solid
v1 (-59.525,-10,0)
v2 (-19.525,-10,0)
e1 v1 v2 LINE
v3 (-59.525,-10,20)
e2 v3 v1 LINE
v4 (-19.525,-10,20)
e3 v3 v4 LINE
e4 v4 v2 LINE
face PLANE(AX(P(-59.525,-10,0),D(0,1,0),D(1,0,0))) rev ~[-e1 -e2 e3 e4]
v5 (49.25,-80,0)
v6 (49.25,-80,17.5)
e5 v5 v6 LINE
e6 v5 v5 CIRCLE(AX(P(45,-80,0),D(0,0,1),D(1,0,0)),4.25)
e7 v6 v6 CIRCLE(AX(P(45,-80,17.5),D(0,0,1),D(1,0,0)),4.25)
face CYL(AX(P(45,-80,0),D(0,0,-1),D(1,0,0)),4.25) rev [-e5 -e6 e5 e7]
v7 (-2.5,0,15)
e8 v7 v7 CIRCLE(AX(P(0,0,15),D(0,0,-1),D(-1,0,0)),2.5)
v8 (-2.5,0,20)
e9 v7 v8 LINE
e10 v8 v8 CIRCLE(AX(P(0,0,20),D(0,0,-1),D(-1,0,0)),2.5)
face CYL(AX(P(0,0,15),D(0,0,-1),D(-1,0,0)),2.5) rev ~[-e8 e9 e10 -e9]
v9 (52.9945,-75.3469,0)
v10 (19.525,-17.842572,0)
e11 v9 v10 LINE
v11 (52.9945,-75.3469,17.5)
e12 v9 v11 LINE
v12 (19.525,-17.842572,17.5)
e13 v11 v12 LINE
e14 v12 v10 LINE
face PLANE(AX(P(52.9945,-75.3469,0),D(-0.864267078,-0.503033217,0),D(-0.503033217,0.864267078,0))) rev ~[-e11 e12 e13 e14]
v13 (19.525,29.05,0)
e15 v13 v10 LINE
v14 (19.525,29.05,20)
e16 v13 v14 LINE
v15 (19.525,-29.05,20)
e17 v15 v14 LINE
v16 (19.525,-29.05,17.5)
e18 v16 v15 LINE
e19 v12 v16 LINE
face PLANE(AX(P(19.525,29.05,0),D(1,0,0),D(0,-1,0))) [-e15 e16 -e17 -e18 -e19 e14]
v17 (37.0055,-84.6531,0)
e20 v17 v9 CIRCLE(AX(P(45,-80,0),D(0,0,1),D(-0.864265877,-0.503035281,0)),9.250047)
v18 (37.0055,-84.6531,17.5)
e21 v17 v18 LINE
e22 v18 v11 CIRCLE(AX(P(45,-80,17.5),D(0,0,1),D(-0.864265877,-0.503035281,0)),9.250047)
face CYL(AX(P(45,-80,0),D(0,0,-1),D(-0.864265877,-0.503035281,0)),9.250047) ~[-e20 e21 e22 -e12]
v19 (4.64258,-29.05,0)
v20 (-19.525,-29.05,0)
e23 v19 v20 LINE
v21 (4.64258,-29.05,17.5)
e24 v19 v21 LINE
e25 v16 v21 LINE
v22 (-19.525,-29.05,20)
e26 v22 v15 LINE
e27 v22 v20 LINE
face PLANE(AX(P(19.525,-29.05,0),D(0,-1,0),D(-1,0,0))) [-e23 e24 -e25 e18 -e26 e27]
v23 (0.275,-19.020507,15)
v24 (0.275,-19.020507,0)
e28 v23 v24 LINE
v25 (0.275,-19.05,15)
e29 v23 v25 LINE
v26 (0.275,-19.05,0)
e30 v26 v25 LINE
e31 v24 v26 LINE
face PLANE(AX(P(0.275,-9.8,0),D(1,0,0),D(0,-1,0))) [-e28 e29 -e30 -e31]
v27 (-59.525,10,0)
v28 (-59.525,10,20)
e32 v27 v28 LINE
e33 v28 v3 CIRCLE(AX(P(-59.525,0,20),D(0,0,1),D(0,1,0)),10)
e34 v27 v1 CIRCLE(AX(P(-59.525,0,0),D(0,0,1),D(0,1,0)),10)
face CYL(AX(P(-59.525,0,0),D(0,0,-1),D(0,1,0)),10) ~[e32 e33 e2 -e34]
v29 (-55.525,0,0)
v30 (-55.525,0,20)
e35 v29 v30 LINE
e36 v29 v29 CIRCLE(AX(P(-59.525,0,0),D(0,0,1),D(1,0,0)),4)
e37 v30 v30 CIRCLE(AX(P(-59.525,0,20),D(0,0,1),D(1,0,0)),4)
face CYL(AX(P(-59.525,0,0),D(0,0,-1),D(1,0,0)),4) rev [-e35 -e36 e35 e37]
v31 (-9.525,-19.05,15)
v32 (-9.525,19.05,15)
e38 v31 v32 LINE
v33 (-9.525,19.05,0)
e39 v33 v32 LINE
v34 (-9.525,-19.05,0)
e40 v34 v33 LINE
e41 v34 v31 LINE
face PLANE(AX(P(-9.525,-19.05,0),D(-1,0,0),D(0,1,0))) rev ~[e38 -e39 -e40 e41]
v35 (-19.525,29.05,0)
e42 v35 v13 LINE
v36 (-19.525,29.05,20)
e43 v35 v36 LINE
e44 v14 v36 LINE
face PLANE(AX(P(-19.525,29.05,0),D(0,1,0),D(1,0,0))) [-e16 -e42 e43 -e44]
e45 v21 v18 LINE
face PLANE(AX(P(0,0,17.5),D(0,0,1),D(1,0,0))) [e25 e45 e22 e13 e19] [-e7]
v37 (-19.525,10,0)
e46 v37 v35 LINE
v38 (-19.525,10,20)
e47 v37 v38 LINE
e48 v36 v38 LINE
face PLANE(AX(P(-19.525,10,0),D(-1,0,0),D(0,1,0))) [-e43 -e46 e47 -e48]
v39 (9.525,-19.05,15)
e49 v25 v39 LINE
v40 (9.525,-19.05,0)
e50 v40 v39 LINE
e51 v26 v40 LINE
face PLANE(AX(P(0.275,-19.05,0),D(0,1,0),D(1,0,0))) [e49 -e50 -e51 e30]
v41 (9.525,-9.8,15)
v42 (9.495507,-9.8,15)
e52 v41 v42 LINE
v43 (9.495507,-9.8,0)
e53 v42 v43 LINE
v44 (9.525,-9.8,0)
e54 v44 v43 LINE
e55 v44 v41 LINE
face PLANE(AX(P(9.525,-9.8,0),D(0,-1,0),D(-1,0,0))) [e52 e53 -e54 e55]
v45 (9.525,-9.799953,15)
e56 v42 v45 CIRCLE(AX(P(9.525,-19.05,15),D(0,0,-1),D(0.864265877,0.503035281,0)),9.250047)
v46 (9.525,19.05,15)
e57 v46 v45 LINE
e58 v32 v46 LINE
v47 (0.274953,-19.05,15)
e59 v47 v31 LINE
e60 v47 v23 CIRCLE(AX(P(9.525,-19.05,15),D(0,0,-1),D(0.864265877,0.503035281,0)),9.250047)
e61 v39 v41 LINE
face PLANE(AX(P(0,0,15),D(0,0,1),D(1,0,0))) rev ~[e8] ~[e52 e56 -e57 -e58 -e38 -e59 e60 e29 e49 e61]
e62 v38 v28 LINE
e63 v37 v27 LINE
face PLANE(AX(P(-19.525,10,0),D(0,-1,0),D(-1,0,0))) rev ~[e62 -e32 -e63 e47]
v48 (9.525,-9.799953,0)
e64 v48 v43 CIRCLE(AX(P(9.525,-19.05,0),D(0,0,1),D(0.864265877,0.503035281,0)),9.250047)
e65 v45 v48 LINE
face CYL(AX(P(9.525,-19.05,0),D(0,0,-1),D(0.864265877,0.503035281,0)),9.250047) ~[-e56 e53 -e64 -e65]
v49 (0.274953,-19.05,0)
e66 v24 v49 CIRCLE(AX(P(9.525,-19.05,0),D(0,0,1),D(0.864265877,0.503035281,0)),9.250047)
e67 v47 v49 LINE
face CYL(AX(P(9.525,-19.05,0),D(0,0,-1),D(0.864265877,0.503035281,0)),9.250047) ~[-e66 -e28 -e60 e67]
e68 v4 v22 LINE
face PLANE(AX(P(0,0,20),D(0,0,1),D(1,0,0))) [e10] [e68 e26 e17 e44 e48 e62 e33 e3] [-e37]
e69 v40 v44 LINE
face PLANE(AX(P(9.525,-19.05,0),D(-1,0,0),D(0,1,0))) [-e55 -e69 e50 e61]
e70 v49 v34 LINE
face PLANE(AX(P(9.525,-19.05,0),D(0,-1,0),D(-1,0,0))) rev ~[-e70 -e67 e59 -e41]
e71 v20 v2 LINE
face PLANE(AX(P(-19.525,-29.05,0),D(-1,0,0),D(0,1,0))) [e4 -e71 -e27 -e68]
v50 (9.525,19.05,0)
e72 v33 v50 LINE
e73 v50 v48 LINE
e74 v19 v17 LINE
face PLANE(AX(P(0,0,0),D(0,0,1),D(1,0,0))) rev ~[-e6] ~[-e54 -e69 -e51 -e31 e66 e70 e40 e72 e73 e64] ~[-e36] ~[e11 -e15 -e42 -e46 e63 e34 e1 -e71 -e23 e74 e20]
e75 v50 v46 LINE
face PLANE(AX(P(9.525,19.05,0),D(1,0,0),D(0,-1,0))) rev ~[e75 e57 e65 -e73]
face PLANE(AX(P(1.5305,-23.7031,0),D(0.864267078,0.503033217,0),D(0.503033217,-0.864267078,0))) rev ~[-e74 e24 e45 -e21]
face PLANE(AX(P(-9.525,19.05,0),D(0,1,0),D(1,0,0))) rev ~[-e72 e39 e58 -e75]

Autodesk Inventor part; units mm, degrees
ref_plane "YZ Plane" through (0, 0, 0) normal (1, 0, 0) x (0, 1, 0)
ref_plane "XZ Plane" through (0, 0, 0) normal (0, 1, 0) x (-1, 0, 0)
sketch "Sketch1" plane through (0, 0, 0) normal (0, 0, 1) x (1, 0, 0)
  line L0 (9.525, -19.05) -> (-9.525, -19.05)
  line L1 (-9.525, -19.05) -> (-9.525, 19.05)
  line L2 (-9.525, 19.05) -> (9.525, 19.05)
  line L3 (9.525, 19.05) -> (9.525, -19.05)
  line L4 (9.525, -19.05) -> (-9.525, 19.05) construction
  line L5 (-9.525, -19.05) -> (9.525, 19.05) construction
  line L6 (19.525, -29.05) -> (-19.525, -29.05)
  line L7 (-19.525, -29.05) -> (-19.525, 29.05)
  line L8 (-19.525, 29.05) -> (19.525, 29.05)
  line L9 (19.525, 29.05) -> (19.525, -29.05)
  line L10 (19.525, -29.05) -> (-19.525, 29.05) construction
  line L11 (-19.525, -29.05) -> (19.525, 29.05) construction
  line L12 (-19.525, 0) -> (-59.525, 0) construction
  circle A0 centre (-59.525, 0) radius 4
  line L13 (-59.525, 0) -> (-19.525, 0) construction
  line L14 (-59.525, -10) -> (-19.525, -10)
  line L15 (-19.525, 10) -> (-59.525, 10)
  arc A1 (-59.525, 10) -> (-59.525, -10) centre (-59.525, 0) ccw
  arc A2 (-19.525, -10) -> (-19.525, 10) centre (-19.525, 0) ccw construction
  line L16 (-19.525, 10) -> (-19.525, -10)
  point P0 (0, 0)
  point P1 (-39.525, 0)
  dimension "d0" = 38.1
  dimension "d1" = 19.05
  dimension "d2" = 10
  dimension "d3" = 10
  dimension "d4" = 8
  dimension "d5" = 10
  dimension "d6" = 40
extrude "Extrusion1" add sketch "Sketch1" along normal blind 15
sketch "Sketch2" plane through (0, 0, 15) normal (0, 0, 1) x (1, 0, 0)
  line L0 (-9.525, -19.05) -> (-9.525, 19.05) projected
  line L1 (-9.525, 19.05) -> (9.525, 19.05) projected
  line L2 (9.525, 19.05) -> (9.525, -19.05) projected
  line L3 (9.525, -19.05) -> (-9.525, -19.05) projected
  circle A0 centre (-59.525, 0) radius 4 projected
  line L4 (-59.525, -10) -> (-19.525, -10) projected
  line L5 (-19.525, -10) -> (-19.525, -29.05) projected
  line L6 (-19.525, -29.05) -> (19.525, -29.05) projected
  line L7 (19.525, -29.05) -> (19.525, 29.05) projected
  line L8 (19.525, 29.05) -> (-19.525, 29.05) projected
  line L9 (-19.525, 29.05) -> (-19.525, 10) projected
  line L10 (-19.525, 10) -> (-59.525, 10) projected
  arc A1 (-59.525, 10) -> (-59.525, -10) centre (-59.525, 0) ccw projected
  point P0 (0, 0)
extrude "Extrusion2" add sketch "Sketch2" along normal blind 5 contours L0 L1 L2 L3 | A1 L10 L9 L8 L7 L6 L5 L4
sketch "Sketch3" plane through (0, 0, 15) normal (0, 0, -1) x (-1, 0, 0)
  circle A0 centre (0, 0) radius 2.5
  dimension "d11" = 5
extrude "Extrusion3" cut sketch "Sketch3" against normal through all
sketch "Sketch4" plane through (0, 0, 20) normal (0, 0, 1) x (1, 0, 0)
  line L0 (0, 0) -> (45, 0) construction
  line L1 (45, 0) -> (45, -80) construction
  line L2 (45, -80) -> (0, -80) construction
  line L3 (0, -80) -> (0, 0) construction
  circle A0 centre (45, -80) radius 4.25
  line L4 (19.525, -29.05) -> (-19.525, -29.05) construction
  line L5 (19.525, -29.05) -> (9.525, -29.05) construction
  line L6 (9.525, -29.05) -> (9.525, -19.05) construction
  line L7 (9.525, -19.05) -> (19.525, -19.05) construction
  line L8 (19.525, -19.05) -> (19.525, -29.05) construction
  line L9 (9.525, -19.05) -> (45, -80) construction
  line L10 (1.5305, -23.7031) -> (37.0055, -84.6531)
  line L11 (52.9945, -75.3469) -> (17.5195, -14.3969)
  arc A1 (17.5195, -14.3969) -> (1.5305, -23.7031) centre (9.525, -19.05) ccw
  arc A2 (37.0055, -84.6531) -> (52.9945, -75.3469) centre (45, -80) ccw
  point P0 (27.2625, -49.525)
  dimension "d14" = 80
  dimension "d15" = 45
  dimension "d16" = 8.5
  dimension "d17" = 10
  dimension "d18" = 10
  dimension "d19" = 5
ref_plane "Work Plane1" through (26.995, -107.2374, 17.5) normal (0, 0, -1) x (0.0784, 0.9969, 0)
extrude "Extrusion4" add sketch "Sketch4" along normal up to surface (17.5 mm away) from surface at -20
sketch "Sketch5" plane through (0, 0, 0) normal (0, 0, -1) x (-1, 0, 0)
  circle A0 centre (-45, -80) radius 4.25 projected
  line L0 (-9.525, -9.8) -> (-9.525, 19.05) projected
  line L1 (-9.525, 19.05) -> (9.525, 19.05) projected
  line L2 (9.525, 19.05) -> (9.525, -19.05) projected
  line L3 (9.525, -19.05) -> (-0.275, -19.05) projected
  arc A1 (-0.275, -19.05) -> (-9.525, -9.8) centre (-9.525, -19.05) ccw projected
  line L4 (-19.525, -17.8427) -> (-52.9945, -75.3469) projected
  arc A2 (-52.9945, -75.3469) -> (-37.0055, -84.6531) centre (-45, -80) ccw projected
  line L5 (-37.0055, -84.6531) -> (-4.6426, -29.05) projected
  line L6 (-4.6426, -29.05) -> (19.525, -29.05) projected
  line L7 (19.525, -29.05) -> (19.525, -10) projected
  line L8 (59.525, -10) -> (19.525, -10) projected
  arc A3 (59.525, -10) -> (59.525, 10) centre (59.525, 0) ccw projected
  line L9 (19.525, 10) -> (59.525, 10) projected
  line L10 (19.525, 10) -> (19.525, 29.05) projected
  line L11 (19.525, 29.05) -> (-19.525, 29.05) projected
  line L12 (-19.525, 29.05) -> (-19.525, -17.8427) projected
  circle A4 centre (59.525, 0) radius 4 projected
  arc A5 (-0.275, -19.05) -> (-9.525, -9.8) centre (-9.525, -19.05) ccw projected
  line L13 (-0.275, -19.05) -> (-9.525, -19.05)
  line L14 (-9.525, -19.05) -> (-9.525, -9.8)
  line L15 (-9.525, -9.8) -> (-0.275, -9.8)
  line L16 (-0.275, -9.8) -> (-0.275, -19.05)
  point P0 (0, 0)
extrude "Extrusion5" cut sketch "Sketch5" against normal up to surface (15 mm away) contours L15 L16 A1 | A1 L13 L14
properties part number "tiller frame bracket"
